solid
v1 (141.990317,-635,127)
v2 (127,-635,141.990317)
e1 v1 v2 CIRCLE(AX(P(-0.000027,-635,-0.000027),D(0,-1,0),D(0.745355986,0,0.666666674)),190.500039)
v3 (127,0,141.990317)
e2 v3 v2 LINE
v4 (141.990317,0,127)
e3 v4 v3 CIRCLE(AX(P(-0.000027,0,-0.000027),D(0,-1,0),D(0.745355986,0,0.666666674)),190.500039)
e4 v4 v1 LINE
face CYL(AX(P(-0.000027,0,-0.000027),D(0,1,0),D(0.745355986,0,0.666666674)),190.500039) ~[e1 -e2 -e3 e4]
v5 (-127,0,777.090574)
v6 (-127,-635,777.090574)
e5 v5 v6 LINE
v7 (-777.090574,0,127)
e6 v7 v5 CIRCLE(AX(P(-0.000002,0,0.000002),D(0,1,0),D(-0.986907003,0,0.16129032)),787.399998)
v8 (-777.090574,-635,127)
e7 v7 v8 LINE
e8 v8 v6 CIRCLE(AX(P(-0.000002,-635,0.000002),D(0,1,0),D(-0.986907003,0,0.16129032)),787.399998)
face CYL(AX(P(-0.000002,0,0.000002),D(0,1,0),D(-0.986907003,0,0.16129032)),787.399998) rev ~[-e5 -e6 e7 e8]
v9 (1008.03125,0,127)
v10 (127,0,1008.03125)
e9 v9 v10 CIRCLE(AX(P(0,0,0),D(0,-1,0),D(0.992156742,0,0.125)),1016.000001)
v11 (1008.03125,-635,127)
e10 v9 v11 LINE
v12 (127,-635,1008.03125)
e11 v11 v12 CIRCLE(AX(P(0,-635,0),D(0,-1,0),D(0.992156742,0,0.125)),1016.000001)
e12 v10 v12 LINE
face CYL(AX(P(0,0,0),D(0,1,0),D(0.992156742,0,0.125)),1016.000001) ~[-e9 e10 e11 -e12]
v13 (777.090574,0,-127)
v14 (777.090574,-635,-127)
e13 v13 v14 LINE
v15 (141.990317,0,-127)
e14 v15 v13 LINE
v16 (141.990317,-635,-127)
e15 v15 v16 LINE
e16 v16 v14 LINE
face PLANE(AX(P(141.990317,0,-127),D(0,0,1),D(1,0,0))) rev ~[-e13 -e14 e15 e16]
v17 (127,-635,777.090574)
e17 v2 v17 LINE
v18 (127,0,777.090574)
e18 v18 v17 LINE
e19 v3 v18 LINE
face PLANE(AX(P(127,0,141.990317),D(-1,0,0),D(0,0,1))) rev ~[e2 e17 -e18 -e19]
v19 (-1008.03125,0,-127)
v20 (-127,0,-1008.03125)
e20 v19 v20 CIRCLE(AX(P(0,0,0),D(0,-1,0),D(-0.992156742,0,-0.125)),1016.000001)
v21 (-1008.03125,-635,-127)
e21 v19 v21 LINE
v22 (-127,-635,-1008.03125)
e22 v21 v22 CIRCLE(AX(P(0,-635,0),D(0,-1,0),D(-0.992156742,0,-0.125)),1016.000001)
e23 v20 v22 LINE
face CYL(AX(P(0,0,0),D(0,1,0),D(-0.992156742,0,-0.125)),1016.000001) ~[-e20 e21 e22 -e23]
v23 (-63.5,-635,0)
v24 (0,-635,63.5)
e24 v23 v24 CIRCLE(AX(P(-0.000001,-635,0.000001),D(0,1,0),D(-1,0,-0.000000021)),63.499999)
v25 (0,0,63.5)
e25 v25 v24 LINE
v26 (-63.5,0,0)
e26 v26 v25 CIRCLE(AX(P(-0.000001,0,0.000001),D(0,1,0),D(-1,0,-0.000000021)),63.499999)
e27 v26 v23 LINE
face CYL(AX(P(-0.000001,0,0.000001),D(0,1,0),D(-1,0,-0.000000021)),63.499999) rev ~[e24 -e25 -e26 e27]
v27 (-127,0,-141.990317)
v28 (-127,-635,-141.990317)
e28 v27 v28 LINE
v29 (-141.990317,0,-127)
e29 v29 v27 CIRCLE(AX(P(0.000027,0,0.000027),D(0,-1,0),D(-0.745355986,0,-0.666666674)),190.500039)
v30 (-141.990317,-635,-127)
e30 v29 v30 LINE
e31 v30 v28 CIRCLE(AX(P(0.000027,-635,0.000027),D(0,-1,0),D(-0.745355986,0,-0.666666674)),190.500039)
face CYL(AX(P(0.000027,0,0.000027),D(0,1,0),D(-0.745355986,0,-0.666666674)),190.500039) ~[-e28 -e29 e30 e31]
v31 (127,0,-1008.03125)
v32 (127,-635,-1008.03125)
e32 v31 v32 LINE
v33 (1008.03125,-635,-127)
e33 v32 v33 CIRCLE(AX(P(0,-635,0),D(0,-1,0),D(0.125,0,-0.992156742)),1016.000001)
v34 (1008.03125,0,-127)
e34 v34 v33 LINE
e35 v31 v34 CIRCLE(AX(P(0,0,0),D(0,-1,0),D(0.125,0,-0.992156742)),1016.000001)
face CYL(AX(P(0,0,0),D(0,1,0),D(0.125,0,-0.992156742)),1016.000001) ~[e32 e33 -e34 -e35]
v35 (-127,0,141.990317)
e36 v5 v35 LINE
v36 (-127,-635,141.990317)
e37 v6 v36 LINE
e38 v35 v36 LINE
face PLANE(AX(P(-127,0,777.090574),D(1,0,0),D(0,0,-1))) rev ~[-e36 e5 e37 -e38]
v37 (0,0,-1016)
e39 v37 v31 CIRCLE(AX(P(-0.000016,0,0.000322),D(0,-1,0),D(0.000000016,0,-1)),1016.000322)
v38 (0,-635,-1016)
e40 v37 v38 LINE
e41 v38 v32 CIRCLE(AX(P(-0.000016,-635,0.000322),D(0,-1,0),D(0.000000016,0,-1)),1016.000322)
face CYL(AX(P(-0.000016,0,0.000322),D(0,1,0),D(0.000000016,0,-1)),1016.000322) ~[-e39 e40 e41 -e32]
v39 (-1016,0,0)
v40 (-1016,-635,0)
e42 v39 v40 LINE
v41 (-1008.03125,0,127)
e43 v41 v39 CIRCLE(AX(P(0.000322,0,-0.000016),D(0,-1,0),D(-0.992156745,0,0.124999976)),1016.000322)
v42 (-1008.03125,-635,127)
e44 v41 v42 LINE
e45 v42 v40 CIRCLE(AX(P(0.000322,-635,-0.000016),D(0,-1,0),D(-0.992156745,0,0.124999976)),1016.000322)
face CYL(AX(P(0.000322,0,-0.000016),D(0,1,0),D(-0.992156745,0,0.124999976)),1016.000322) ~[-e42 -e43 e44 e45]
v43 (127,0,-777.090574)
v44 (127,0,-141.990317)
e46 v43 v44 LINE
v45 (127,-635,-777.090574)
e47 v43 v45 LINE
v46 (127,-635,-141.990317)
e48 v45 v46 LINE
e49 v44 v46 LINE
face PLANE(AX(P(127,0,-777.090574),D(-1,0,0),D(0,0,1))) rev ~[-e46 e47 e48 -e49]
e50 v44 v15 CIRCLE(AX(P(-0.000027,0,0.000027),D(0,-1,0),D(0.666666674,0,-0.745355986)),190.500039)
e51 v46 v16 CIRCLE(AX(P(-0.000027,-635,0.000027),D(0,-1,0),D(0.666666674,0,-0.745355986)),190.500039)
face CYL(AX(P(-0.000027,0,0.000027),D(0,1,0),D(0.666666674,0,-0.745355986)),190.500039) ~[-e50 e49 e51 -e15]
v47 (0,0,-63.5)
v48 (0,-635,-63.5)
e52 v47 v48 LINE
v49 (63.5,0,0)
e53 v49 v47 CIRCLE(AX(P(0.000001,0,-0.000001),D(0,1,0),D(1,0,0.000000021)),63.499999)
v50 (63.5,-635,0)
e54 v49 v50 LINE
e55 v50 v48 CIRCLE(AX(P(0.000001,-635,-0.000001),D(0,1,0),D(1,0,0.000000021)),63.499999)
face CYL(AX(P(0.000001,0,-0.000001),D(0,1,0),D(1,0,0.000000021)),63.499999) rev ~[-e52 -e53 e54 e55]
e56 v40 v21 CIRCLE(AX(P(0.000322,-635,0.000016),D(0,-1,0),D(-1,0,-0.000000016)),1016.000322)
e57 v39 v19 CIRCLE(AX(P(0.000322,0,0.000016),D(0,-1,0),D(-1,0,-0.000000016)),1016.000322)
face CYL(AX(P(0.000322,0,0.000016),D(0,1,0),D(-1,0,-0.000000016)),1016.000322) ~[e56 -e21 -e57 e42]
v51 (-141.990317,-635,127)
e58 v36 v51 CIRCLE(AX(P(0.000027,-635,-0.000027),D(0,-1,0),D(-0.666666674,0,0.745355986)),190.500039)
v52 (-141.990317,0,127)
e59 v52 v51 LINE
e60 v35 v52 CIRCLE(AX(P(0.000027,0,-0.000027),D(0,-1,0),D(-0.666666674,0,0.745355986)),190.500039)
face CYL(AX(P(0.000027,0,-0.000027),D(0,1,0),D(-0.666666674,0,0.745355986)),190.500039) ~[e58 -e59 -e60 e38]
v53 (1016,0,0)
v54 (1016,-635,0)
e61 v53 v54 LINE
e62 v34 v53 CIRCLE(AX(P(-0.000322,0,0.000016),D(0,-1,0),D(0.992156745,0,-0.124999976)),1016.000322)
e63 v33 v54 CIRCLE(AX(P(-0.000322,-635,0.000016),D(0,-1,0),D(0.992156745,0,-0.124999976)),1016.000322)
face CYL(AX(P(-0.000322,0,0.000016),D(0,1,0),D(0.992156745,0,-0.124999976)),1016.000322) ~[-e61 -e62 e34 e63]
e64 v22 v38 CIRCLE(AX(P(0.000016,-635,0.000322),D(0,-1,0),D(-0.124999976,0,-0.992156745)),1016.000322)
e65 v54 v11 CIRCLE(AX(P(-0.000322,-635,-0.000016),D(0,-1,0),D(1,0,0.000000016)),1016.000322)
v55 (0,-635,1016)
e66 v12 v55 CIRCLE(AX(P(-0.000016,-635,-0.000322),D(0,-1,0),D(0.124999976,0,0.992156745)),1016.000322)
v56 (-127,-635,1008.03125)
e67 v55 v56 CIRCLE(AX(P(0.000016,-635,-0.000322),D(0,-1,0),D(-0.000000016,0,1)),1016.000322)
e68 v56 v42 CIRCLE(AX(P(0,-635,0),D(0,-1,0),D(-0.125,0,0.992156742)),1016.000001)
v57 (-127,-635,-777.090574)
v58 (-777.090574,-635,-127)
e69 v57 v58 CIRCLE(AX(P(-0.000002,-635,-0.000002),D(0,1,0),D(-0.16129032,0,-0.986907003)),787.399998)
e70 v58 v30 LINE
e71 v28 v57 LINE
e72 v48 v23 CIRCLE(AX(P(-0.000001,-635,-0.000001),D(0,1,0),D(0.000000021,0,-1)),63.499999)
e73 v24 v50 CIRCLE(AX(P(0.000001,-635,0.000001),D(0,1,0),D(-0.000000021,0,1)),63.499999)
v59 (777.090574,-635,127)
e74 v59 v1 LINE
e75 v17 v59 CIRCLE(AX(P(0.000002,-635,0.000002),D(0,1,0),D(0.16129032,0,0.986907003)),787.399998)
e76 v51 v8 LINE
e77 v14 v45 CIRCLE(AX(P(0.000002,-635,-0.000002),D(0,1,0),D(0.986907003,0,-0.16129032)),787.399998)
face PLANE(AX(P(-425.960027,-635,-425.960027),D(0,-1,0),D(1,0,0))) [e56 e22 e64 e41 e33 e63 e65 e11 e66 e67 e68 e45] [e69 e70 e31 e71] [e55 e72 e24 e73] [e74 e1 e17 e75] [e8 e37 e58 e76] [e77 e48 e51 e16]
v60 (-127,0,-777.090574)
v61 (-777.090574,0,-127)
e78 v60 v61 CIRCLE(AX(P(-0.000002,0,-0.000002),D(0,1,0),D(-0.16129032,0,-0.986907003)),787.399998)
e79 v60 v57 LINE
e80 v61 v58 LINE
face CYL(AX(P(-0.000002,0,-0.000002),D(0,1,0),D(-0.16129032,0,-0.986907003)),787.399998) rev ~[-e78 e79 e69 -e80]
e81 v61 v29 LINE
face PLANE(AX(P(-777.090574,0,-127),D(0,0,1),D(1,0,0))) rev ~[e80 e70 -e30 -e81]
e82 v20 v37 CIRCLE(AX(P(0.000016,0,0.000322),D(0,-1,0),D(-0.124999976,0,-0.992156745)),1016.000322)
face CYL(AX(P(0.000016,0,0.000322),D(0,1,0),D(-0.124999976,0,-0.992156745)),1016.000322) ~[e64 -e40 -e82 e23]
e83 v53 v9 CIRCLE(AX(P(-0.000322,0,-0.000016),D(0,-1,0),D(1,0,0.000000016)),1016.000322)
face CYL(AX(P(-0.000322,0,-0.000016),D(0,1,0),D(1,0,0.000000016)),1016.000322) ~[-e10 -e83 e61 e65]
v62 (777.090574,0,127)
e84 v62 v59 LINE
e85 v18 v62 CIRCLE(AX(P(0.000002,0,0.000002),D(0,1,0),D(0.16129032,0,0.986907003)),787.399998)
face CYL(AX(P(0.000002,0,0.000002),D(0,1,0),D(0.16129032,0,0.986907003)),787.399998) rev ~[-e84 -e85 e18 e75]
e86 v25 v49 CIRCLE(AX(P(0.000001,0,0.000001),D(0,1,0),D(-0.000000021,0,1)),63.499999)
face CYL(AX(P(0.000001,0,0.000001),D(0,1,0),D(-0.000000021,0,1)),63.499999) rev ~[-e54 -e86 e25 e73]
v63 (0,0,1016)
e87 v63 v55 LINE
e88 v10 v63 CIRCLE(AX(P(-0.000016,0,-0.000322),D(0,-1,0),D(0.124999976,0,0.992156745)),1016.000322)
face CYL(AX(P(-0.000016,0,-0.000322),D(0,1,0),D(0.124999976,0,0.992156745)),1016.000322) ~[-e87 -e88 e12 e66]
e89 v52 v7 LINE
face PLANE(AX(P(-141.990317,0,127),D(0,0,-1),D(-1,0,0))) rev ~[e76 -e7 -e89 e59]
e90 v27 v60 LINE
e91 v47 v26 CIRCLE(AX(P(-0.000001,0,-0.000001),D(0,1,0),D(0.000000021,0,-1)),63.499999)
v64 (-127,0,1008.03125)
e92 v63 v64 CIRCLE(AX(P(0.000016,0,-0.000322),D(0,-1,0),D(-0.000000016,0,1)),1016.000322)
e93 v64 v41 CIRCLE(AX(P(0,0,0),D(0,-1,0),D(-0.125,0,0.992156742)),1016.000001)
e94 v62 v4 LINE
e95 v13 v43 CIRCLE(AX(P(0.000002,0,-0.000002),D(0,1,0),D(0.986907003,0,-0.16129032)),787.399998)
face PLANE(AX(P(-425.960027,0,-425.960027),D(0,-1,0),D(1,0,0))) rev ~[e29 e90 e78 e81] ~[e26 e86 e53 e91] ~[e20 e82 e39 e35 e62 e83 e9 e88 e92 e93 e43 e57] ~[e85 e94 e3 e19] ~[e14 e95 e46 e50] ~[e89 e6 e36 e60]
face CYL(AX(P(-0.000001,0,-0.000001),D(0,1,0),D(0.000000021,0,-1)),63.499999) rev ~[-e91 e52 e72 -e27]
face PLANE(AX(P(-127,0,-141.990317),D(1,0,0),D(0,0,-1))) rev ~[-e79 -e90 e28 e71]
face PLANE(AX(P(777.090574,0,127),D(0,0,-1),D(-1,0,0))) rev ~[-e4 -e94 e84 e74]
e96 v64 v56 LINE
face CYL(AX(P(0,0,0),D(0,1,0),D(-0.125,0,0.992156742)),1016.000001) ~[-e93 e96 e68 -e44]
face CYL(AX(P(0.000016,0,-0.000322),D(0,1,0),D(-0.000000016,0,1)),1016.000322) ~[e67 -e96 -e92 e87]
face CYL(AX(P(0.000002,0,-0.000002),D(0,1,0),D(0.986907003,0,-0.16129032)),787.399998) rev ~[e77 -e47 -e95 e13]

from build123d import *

# Parameters (mm, degrees)
F1_DEPTH = 635


with BuildPart() as f1:
    # F0 (on Front) → F1 (new body)
    with BuildSketch(Plane.XZ):
        with BuildLine():
            Line((0, -1016), (0, -63.5))
            ThreePointArc((0, -63.5), (-44.901281, -44.901281), (-63.5, 0))
            Line((-63.5, 0), (-1016, 0))
            ThreePointArc((-1016, 0), (-1014.005855, -63.624879), (-1008.03125, -127))
            ThreePointArc((-1008.03125, -127), (-718.42049, -718.42049), (-127, -1008.03125))
            ThreePointArc((-127, -1008.03125), (-63.624879, -1014.005855), (0, -1016))
        make_face()
        with BuildLine():
            ThreePointArc((-141.990317, -127), (-134.703842, -134.703842), (-127, -141.990317))
            Line((-127, -141.990317), (-127, -777.090574))
            ThreePointArc((-127, -777.090574), (-556.77588, -556.77588), (-777.090574, -127))
            Line((-777.090574, -127), (-141.990317, -127))
        make_face(mode=Mode.SUBTRACT)
        with BuildLine():
            ThreePointArc((1008.03125, -127), (1014.005855, -63.624879), (1016, 0))
            Line((1016, 0), (63.5, 0))
            ThreePointArc((63.5, 0), (44.901281, -44.901281), (0, -63.5))
            Line((0, -63.5), (0, -1016))
            ThreePointArc((0, -1016), (63.624879, -1014.005855), (127, -1008.03125))
            ThreePointArc((127, -1008.03125), (718.42049, -718.42049), (1008.03125, -127))
        make_face()
        with BuildLine():
            Line((127, -777.090574), (127, -141.990317))
            ThreePointArc((127, -141.990317), (134.703842, -134.703842), (141.990317, -127))
            Line((141.990317, -127), (777.090574, -127))
            ThreePointArc((777.090574, -127), (556.77588, -556.77588), (127, -777.090574))
        make_face(mode=Mode.SUBTRACT)
        with BuildLine():
            ThreePointArc((-63.5, 0), (-44.901281, 44.901281), (0, 63.5))
            Line((0, 63.5), (0, 1016))
            ThreePointArc((0, 1016), (-63.624879, 1014.005855), (-127, 1008.03125))
            ThreePointArc((-127, 1008.03125), (-718.42049, 718.42049), (-1008.03125, 127))
            ThreePointArc((-1008.03125, 127), (-1014.005855, 63.624879), (-1016, 0))
            Line((-1016, 0), (-63.5, 0))
        make_face()
        with BuildLine():
            Line((-127, 777.090574), (-127, 141.990317))
            ThreePointArc((-127, 141.990317), (-134.703842, 134.703842), (-141.990317, 127))
            Line((-141.990317, 127), (-777.090574, 127))
            ThreePointArc((-777.090574, 127), (-556.77588, 556.77588), (-127, 777.090574))
        make_face(mode=Mode.SUBTRACT)
        with BuildLine():
            Line((63.5, 0), (1016, 0))
            ThreePointArc((1016, 0), (1014.005855, 63.624879), (1008.03125, 127))
            ThreePointArc((1008.03125, 127), (718.42049, 718.42049), (127, 1008.03125))
            ThreePointArc((127, 1008.03125), (63.624879, 1014.005855), (0, 1016))
            Line((0, 1016), (0, 63.5))
            ThreePointArc((0, 63.5), (44.901281, 44.901281), (63.5, 0))
        make_face()
        with BuildLine():
            Line((777.090574, 127), (141.990317, 127))
            ThreePointArc((141.990317, 127), (134.703842, 134.703842), (127, 141.990317))
            Line((127, 141.990317), (127, 777.090574))
            ThreePointArc((127, 777.090574), (556.77588, 556.77588), (777.090574, 127))
        make_face(mode=Mode.SUBTRACT)
    extrude(amount=F1_DEPTH)


solid = f1.part
